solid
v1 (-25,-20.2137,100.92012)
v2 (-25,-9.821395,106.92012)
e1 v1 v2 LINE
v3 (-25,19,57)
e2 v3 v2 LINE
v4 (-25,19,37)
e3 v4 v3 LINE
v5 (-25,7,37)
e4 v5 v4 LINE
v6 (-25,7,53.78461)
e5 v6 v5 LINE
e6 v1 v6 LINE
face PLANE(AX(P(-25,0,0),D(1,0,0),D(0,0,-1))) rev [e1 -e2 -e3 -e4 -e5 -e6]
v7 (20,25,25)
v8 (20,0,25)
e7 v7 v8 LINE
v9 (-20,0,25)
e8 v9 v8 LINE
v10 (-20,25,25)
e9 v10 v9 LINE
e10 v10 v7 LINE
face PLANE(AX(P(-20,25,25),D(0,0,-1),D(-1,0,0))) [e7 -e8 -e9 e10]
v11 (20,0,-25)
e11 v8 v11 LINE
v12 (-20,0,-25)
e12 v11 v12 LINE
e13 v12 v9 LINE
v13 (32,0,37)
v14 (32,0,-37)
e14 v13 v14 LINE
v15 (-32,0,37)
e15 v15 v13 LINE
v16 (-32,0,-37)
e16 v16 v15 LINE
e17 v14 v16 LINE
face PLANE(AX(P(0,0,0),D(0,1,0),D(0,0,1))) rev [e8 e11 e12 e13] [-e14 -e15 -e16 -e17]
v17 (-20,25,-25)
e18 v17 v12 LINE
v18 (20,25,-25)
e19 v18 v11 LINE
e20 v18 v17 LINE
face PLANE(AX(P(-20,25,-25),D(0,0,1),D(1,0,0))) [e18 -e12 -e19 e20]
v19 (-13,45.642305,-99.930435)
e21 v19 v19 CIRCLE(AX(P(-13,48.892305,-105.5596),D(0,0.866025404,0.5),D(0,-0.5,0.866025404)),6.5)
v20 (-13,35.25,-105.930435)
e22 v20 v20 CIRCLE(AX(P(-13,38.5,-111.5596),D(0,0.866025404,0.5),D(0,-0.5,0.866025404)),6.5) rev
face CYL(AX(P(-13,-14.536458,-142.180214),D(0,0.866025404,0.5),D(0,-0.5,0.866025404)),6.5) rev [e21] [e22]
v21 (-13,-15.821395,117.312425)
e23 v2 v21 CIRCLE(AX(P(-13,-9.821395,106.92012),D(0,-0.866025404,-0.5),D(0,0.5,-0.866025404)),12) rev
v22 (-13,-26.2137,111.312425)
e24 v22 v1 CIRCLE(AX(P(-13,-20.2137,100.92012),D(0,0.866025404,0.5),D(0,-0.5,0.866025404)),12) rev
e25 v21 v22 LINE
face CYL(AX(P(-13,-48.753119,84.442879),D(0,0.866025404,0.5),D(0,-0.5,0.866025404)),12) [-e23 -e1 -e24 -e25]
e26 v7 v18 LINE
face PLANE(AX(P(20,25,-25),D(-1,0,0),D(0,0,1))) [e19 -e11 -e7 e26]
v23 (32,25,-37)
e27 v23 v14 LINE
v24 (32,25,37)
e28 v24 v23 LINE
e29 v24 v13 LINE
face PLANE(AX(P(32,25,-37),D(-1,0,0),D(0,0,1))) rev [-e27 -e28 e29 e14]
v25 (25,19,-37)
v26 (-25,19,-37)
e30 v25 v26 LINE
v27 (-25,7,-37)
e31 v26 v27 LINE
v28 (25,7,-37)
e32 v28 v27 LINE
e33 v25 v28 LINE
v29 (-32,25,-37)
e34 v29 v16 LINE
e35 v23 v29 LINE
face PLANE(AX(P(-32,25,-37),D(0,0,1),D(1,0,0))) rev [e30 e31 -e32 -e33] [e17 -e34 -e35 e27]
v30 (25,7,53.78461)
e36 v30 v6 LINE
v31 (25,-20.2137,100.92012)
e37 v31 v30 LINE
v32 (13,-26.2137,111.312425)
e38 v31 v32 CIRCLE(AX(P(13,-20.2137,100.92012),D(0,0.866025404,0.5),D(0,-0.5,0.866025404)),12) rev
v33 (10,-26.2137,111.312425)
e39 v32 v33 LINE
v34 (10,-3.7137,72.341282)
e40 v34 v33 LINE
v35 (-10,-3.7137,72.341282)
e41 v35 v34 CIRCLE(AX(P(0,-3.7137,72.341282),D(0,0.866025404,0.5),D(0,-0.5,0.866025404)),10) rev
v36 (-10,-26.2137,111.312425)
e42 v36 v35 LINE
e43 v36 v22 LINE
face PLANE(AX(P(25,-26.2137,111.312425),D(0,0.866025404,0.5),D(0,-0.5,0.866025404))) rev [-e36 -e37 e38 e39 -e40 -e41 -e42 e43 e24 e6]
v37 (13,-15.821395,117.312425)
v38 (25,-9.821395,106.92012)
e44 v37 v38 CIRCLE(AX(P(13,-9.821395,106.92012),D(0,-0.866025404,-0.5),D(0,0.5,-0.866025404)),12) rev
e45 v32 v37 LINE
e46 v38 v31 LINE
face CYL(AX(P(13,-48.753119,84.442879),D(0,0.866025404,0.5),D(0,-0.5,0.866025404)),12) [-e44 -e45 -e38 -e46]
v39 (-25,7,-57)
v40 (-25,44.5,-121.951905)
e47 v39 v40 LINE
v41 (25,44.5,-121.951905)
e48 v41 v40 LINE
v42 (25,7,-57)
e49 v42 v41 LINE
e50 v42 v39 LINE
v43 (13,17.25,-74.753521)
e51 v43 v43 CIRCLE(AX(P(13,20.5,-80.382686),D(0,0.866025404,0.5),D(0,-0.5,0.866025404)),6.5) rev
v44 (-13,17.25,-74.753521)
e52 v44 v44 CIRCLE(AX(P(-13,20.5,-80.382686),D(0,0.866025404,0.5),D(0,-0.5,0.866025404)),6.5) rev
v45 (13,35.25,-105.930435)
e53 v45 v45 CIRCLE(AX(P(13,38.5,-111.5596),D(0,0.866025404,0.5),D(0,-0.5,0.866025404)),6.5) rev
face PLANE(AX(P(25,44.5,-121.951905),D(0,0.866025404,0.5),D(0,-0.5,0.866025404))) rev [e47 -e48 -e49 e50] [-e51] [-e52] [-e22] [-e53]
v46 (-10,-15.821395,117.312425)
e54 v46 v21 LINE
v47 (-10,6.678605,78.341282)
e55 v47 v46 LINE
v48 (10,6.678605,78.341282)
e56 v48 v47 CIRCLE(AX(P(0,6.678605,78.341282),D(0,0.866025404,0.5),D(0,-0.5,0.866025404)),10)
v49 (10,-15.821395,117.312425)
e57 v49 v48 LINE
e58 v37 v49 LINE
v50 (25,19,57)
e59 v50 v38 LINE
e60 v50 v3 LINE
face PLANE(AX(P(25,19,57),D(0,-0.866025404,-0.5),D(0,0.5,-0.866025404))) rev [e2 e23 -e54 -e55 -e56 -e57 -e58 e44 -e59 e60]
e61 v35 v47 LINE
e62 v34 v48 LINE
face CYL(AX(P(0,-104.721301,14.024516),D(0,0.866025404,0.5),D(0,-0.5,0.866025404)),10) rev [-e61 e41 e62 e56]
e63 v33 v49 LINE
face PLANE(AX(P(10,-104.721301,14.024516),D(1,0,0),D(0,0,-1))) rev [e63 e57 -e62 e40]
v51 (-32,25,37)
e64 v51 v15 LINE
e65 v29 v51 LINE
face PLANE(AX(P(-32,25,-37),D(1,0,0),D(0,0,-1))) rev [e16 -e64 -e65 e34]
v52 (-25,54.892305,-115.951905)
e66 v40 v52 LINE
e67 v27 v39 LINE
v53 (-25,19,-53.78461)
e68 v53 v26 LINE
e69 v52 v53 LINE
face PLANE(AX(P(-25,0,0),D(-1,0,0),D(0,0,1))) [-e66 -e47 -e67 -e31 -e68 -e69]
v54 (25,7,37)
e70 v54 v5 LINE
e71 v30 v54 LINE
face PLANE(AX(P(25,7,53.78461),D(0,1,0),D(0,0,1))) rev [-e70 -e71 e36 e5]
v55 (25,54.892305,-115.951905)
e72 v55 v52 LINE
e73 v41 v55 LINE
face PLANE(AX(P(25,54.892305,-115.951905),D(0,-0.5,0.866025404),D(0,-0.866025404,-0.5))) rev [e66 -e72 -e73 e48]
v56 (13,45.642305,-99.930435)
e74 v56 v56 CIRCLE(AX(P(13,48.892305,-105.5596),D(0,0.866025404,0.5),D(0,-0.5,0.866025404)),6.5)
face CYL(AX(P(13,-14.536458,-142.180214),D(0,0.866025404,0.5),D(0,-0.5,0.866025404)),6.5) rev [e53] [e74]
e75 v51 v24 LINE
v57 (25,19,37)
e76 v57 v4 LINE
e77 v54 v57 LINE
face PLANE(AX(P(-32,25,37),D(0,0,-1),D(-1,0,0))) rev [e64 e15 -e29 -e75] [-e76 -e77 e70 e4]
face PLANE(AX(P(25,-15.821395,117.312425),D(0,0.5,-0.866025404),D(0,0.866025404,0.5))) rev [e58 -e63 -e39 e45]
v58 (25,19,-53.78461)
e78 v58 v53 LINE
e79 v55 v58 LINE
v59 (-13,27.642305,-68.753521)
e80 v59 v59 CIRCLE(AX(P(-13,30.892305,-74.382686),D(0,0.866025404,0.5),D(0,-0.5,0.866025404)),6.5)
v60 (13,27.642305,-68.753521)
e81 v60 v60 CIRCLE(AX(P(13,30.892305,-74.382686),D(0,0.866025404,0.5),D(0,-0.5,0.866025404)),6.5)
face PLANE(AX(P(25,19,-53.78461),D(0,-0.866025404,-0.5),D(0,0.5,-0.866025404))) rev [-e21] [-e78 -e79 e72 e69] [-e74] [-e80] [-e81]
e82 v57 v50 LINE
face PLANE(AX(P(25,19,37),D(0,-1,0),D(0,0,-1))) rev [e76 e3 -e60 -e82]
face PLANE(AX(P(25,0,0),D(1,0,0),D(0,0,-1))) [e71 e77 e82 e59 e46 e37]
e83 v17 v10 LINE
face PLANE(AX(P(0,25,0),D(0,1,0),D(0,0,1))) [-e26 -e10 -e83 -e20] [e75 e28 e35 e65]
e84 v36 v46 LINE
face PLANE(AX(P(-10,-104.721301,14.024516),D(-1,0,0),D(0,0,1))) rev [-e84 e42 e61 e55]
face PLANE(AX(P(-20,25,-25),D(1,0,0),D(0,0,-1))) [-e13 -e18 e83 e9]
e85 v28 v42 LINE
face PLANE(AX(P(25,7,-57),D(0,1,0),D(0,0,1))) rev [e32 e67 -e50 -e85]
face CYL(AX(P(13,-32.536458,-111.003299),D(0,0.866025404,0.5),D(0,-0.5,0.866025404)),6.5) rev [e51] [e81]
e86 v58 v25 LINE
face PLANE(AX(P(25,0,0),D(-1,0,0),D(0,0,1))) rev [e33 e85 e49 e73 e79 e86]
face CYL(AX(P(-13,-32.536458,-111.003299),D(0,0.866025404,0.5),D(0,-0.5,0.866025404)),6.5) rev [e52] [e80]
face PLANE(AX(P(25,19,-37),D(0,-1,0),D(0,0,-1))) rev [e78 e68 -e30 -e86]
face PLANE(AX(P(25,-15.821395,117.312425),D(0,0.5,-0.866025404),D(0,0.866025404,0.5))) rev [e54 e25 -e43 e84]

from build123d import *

# Parameters (mm, degrees)
CROQUIS1_W              = 64
CROQUIS1_H              = 74
CROQUIS1_W_2            = 40
CROQUIS1_H_2            = 50
SALIENTE_EXTRUIR2_DEPTH = 25
SALIENTE_EXTRUIR3_DEPTH = 25
CORTAR_EXTRUIR1_REACH   = 143.863
CROQUIS3_R              = 6.5
REDONDEO1_R             = 12
REDONDEO2_R             = 12
CORTAR_EXTRUIR2_REACH   = 163.641


with BuildPart() as part:
    # Croquis1 → Saliente-Extruir2 (new body)
    with BuildSketch(Plane(origin=(0, 0, 0), x_dir=(1, 0, 0), z_dir=(0, 1, 0))):
        Rectangle(CROQUIS1_W, CROQUIS1_H)
        Rectangle(CROQUIS1_W_2, CROQUIS1_H_2, mode=Mode.SUBTRACT)
    extrude(amount=SALIENTE_EXTRUIR2_DEPTH)

    # Croquis2 → Saliente-Extruir3 (add, symmetric)
    with BuildSketch(Plane(origin=(0, 0, 0), x_dir=(0, 0, -1), z_dir=(1, 0, 0))):
        Polygon((37, 19), (53.784609691, 19), (115.951905284, 54.892304845), (121.951905284, 44.5), (57, 7), (37, 7), align=None)
        Polygon((-37, 19), (-57, 19), (-117.312425174, -15.821394909), (-111.312425174, -26.213699755), (-53.784609691, 7), (-37, 7), align=None)
    extrude(amount=SALIENTE_EXTRUIR3_DEPTH, both=True)

    # Croquis3 → Cortar-Extruir1 (cut, up to next)
    with BuildSketch(Plane(origin=(0, -9.039419162, -5.218911087), x_dir=(1, 0, 0), z_dir=(0, 0.8660254037844378, 0.5000000000000016)), mode=Mode.PRIVATE) as cortar_extruir1_sk1:
        with Locations(Location((-13, 115.863448016, 0), (0, 0, 270))):
            Circle(CROQUIS3_R)
    cortar_extruir1_tool1 = extrude(cortar_extruir1_sk1.sketch, amount=-CORTAR_EXTRUIR1_REACH, mode=Mode.PRIVATE) & part.part
    # Croquis3 → Cortar-Extruir1 (cut, up to next)
    with BuildSketch(Plane(origin=(0, -9.039419162, -5.218911087), x_dir=(1, 0, 0), z_dir=(0, 0.8660254037844378, 0.5000000000000016)), mode=Mode.PRIVATE) as cortar_extruir1_sk2:
        with Locations(Location((13, 115.863448016, 0), (0, 0, 270))):
            Circle(CROQUIS3_R)
    cortar_extruir1_tool2 = extrude(cortar_extruir1_sk2.sketch, amount=-CORTAR_EXTRUIR1_REACH, mode=Mode.PRIVATE) & part.part
    # Croquis3 → Cortar-Extruir1 (cut, up to next)
    with BuildSketch(Plane(origin=(0, -9.039419162, -5.218911087), x_dir=(1, 0, 0), z_dir=(0, 0.8660254037844378, 0.5000000000000016)), mode=Mode.PRIVATE) as cortar_extruir1_sk3:
        with Locations(Location((-13, 79.863448016, 0), (0, 0, 270))):
            Circle(CROQUIS3_R)
    cortar_extruir1_tool3 = extrude(cortar_extruir1_sk3.sketch, amount=-CORTAR_EXTRUIR1_REACH, mode=Mode.PRIVATE) & part.part
    # Croquis3 → Cortar-Extruir1 (cut, up to next)
    with BuildSketch(Plane(origin=(0, -9.039419162, -5.218911087), x_dir=(1, 0, 0), z_dir=(0, 0.8660254037844378, 0.5000000000000016)), mode=Mode.PRIVATE) as cortar_extruir1_sk4:
        with Locations(Location((13, 79.863448016, 0), (0, 0, 270))):
            Circle(CROQUIS3_R)
    cortar_extruir1_tool4 = extrude(cortar_extruir1_sk4.sketch, amount=-CORTAR_EXTRUIR1_REACH, mode=Mode.PRIVATE) & part.part
    add(cortar_extruir1_tool1.solids().sort_by_distance((-13, 48.892305, -105.5596))[0], mode=Mode.SUBTRACT)
    add(cortar_extruir1_tool2.solids().sort_by_distance((13, 48.892305, -105.5596))[0], mode=Mode.SUBTRACT)
    add(cortar_extruir1_tool3.solids().sort_by_distance((-13, 30.892305, -74.382686))[0], mode=Mode.SUBTRACT)
    add(cortar_extruir1_tool4.solids().sort_by_distance((13, 30.892305, -74.382686))[0], mode=Mode.SUBTRACT)

    # Redondeo1
    redondeo1_edges = [part.edges().sort_by_distance(p)[0] for p in [
        (25, -21.017547332, 114.312425174),
    ]]
    fillet(redondeo1_edges, radius=REDONDEO1_R)

    # Redondeo2
    redondeo2_edges = [part.edges().sort_by_distance(p)[0] for p in [
        (-25, -21.017547332, 114.312425174),
    ]]
    fillet(redondeo2_edges, radius=REDONDEO2_R)

    # Croquis5 → Cortar-Extruir2 (cut, up to next)
    with BuildSketch(Plane(origin=(0, 38.931724008, 22.477241336), x_dir=(1, 0, 0), z_dir=(0, 0.8660254037844378, 0.5000000000000016)), mode=Mode.PRIVATE) as cortar_extruir2_sk1:
        with BuildLine():
            Line((-10, -64.506237835), (-10, -109.506237835))
            Line((-10, -109.506237835), (10, -109.506237835))
            Line((10, -109.506237835), (10, -64.506237835))
            ThreePointArc((10, -64.506237835), (0, -54.506237835), (-10, -64.506237835))
        make_face()
    cortar_extruir2_tool1 = extrude(cortar_extruir2_sk1.sketch, amount=-CORTAR_EXTRUIR2_REACH, mode=Mode.PRIVATE) & part.part
    add(cortar_extruir2_tool1.solids().sort_by_distance((0, -2.584336, 94.385167))[0], mode=Mode.SUBTRACT)


solid = part.part
